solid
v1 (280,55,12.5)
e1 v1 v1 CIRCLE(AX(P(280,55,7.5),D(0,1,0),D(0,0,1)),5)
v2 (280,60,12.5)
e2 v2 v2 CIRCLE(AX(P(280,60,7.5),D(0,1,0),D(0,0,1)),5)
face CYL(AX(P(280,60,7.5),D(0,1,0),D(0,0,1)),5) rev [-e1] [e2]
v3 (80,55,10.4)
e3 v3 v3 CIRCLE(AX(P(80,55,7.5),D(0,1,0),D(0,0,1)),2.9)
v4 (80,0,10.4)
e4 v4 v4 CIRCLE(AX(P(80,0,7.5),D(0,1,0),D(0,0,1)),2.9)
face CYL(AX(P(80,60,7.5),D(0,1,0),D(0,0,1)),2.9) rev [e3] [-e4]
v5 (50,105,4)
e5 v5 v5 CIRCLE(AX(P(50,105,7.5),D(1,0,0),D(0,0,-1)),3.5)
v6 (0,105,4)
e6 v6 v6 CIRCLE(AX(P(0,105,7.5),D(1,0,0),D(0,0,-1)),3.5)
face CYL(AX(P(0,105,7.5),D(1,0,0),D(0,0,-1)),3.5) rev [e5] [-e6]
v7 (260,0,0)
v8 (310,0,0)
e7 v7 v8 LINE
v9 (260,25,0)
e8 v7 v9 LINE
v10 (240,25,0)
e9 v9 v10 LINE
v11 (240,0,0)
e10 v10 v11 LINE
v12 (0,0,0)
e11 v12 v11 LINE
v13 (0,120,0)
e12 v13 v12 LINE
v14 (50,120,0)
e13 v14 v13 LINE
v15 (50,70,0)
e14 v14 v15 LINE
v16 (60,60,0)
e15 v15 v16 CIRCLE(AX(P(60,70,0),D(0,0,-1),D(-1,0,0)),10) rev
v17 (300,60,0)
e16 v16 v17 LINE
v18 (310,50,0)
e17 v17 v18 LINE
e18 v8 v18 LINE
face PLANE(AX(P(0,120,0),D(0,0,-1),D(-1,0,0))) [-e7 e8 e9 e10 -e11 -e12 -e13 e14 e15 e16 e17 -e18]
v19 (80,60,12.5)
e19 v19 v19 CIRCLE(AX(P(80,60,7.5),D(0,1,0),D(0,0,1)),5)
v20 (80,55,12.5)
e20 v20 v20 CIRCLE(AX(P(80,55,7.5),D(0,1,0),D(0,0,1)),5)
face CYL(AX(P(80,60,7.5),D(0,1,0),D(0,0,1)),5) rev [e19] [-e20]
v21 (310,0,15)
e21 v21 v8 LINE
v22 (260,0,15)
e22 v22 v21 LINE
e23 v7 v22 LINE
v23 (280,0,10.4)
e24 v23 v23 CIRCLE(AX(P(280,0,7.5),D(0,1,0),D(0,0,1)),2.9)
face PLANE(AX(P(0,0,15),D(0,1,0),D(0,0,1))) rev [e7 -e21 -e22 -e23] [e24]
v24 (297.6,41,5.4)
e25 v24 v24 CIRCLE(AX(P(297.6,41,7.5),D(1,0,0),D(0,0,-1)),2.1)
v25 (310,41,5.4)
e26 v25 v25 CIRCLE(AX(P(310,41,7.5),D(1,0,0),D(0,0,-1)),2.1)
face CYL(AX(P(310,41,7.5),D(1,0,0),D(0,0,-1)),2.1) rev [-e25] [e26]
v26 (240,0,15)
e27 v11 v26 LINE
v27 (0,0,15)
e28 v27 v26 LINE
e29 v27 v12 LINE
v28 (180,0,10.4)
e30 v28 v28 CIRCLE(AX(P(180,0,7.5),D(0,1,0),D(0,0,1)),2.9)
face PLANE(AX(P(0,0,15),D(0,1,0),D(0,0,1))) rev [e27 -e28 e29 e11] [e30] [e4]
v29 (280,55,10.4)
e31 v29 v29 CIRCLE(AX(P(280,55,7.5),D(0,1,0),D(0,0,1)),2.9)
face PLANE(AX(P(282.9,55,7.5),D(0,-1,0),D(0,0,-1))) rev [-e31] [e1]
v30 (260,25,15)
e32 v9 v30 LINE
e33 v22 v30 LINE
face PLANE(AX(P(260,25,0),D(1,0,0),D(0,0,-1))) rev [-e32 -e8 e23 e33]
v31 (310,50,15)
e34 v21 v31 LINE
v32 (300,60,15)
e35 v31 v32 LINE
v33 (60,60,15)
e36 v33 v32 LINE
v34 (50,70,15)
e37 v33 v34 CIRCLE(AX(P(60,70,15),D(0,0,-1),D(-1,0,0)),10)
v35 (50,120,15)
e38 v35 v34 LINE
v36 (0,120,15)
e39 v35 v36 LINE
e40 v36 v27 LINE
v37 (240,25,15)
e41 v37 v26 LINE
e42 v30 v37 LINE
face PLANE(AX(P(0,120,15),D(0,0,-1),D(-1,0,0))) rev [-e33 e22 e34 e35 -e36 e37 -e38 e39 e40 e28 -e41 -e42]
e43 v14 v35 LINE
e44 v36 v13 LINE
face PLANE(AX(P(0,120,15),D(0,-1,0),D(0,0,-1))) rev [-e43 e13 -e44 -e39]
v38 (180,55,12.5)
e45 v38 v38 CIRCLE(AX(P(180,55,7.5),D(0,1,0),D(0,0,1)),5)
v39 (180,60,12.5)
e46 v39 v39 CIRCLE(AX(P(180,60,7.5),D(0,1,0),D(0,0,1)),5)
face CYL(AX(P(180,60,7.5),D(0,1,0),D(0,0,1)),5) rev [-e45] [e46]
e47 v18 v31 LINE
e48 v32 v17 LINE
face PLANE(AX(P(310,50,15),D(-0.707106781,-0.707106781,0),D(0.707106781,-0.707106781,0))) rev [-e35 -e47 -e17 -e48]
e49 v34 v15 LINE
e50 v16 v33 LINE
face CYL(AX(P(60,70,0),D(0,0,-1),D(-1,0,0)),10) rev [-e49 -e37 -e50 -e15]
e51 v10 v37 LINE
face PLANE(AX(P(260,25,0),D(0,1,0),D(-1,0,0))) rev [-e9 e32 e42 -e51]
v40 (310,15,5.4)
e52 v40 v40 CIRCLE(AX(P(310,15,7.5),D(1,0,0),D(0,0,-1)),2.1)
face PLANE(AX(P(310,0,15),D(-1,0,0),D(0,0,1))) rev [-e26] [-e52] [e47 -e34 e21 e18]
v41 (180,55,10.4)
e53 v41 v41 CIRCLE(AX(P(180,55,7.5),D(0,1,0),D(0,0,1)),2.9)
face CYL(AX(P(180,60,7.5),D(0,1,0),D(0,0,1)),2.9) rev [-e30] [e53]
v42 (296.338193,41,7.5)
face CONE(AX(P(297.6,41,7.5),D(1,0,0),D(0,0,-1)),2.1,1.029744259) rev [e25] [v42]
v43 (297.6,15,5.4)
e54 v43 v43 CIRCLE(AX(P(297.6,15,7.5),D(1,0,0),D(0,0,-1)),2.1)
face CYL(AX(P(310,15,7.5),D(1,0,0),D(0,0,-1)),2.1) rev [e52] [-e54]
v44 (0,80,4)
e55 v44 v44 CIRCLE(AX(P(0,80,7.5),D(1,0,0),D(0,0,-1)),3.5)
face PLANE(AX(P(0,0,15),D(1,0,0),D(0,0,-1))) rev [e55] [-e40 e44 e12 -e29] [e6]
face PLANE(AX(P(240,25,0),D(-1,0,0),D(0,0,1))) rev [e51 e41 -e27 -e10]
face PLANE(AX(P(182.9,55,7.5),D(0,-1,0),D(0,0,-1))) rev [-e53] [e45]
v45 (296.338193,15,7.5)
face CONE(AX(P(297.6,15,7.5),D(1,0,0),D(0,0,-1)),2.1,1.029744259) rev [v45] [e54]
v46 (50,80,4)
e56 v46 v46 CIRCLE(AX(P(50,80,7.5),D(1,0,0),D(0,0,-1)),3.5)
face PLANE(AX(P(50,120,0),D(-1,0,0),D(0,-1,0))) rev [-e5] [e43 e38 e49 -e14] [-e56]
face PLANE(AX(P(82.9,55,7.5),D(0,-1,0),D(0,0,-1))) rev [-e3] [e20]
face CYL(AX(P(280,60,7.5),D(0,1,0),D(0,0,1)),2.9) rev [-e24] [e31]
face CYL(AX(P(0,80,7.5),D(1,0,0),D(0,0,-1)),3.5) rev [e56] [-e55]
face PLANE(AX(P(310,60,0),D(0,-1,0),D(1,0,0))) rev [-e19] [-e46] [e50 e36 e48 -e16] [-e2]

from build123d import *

# Parameters (mm, degrees)
SKETCH_1_W                   = 310
SKETCH_1_H                   = 120
EXTRUDE_1_DEPTH              = 15
SKETCH_2_W                   = 260
SKETCH_2_H                   = 60
CUT_EXTRUDE_1_DEPTH          = 333.753662639
HOLE_WIZARD_M5_1_D           = 5.8
HOLE_WIZARD_M5_1_CBORE_D     = 10
HOLE_WIZARD_M5_1_CBORE_DEPTH = 5
SKETCH_7_R                   = 3.5
CUT_EXTRUDE_2_DEPTH          = 287.749019179
CHAMFER_1_SIZE               = 10
FILLET_1_R                   = 10
HOLE_WIZARD_M5_1_2_D         = 4.2
HOLE_WIZARD_M5_1_2_DEPTH     = 12.4
HOLE_WIZARD_M5_1_2_TIP       = 1.2618073
SKETCH_10_W                  = 20
SKETCH_10_H                  = 25
CUT_EXTRUDE_3_DEPTH          = 333.753662639


with BuildPart() as part:
    # 草图1 → 凸台-拉伸1 (new body)
    with BuildSketch(Plane.XY):
        with Locations((155, 60)):
            Rectangle(SKETCH_1_W, SKETCH_1_H)
    extrude(amount=EXTRUDE_1_DEPTH)

    # 草图2 → 切除-拉伸1 (cut, through all)
    with BuildSketch(Plane.XY.offset(15)):
        with Locations((180, 90)):
            Rectangle(SKETCH_2_W, SKETCH_2_H)
    extrude(amount=-CUT_EXTRUDE_1_DEPTH, mode=Mode.SUBTRACT)

    # Hole Wizard M5 _1 (through all)
    with Locations(Plane(origin=(0, 60, 0), x_dir=(-1, 0, 0), z_dir=(0, 1, 0))):
        with Locations((-80, 7.5), (-280, 7.5), (-180, 7.5)):
            CounterBoreHole(HOLE_WIZARD_M5_1_D / 2, HOLE_WIZARD_M5_1_CBORE_D / 2, HOLE_WIZARD_M5_1_CBORE_DEPTH)

    # 草图7 → 切除-拉伸2 (cut, through all)
    with BuildSketch(Plane(origin=(50, 0, 0), x_dir=(0, 0, -1), z_dir=(1, 0, 0))):
        with Locations((-7.5, 80)):
            Circle(SKETCH_7_R)
        with Locations((-7.5, 105)):
            Circle(SKETCH_7_R)
    extrude(amount=-CUT_EXTRUDE_2_DEPTH, mode=Mode.SUBTRACT)

    # 倒角1
    chamfer_1_edges = [part.edges().sort_by_distance(p)[0] for p in [
        (310, 60, 7.5),
    ]]
    chamfer(chamfer_1_edges, length=CHAMFER_1_SIZE)

    # 圆角1
    fillet_1_edges = [part.edges().sort_by_distance(p)[0] for p in [
        (50, 60, 7.5),
    ]]
    fillet(fillet_1_edges, radius=FILLET_1_R)

    # Hole Wizard M5 _1 2
    with Locations(Plane(origin=(310, 0, 0), x_dir=(0, 0, -1), z_dir=(1, 0, 0))):
        with Locations((-7.5, 41), (-7.5, 15)):
            Hole(HOLE_WIZARD_M5_1_2_D / 2, depth=HOLE_WIZARD_M5_1_2_DEPTH)
            with Locations((0, 0, -(HOLE_WIZARD_M5_1_2_DEPTH + HOLE_WIZARD_M5_1_2_TIP / 2))):  # 118° drill point
                Cone(0, HOLE_WIZARD_M5_1_2_D / 2, HOLE_WIZARD_M5_1_2_TIP, mode=Mode.SUBTRACT)

    # 草图10 → 切除-拉伸3 (cut, through all)
    with BuildSketch(Plane.XY.offset(15)):
        with Locations((250, 12.5)):
            Rectangle(SKETCH_10_W, SKETCH_10_H)
    extrude(amount=-CUT_EXTRUDE_3_DEPTH, mode=Mode.SUBTRACT)


solid = part.part
